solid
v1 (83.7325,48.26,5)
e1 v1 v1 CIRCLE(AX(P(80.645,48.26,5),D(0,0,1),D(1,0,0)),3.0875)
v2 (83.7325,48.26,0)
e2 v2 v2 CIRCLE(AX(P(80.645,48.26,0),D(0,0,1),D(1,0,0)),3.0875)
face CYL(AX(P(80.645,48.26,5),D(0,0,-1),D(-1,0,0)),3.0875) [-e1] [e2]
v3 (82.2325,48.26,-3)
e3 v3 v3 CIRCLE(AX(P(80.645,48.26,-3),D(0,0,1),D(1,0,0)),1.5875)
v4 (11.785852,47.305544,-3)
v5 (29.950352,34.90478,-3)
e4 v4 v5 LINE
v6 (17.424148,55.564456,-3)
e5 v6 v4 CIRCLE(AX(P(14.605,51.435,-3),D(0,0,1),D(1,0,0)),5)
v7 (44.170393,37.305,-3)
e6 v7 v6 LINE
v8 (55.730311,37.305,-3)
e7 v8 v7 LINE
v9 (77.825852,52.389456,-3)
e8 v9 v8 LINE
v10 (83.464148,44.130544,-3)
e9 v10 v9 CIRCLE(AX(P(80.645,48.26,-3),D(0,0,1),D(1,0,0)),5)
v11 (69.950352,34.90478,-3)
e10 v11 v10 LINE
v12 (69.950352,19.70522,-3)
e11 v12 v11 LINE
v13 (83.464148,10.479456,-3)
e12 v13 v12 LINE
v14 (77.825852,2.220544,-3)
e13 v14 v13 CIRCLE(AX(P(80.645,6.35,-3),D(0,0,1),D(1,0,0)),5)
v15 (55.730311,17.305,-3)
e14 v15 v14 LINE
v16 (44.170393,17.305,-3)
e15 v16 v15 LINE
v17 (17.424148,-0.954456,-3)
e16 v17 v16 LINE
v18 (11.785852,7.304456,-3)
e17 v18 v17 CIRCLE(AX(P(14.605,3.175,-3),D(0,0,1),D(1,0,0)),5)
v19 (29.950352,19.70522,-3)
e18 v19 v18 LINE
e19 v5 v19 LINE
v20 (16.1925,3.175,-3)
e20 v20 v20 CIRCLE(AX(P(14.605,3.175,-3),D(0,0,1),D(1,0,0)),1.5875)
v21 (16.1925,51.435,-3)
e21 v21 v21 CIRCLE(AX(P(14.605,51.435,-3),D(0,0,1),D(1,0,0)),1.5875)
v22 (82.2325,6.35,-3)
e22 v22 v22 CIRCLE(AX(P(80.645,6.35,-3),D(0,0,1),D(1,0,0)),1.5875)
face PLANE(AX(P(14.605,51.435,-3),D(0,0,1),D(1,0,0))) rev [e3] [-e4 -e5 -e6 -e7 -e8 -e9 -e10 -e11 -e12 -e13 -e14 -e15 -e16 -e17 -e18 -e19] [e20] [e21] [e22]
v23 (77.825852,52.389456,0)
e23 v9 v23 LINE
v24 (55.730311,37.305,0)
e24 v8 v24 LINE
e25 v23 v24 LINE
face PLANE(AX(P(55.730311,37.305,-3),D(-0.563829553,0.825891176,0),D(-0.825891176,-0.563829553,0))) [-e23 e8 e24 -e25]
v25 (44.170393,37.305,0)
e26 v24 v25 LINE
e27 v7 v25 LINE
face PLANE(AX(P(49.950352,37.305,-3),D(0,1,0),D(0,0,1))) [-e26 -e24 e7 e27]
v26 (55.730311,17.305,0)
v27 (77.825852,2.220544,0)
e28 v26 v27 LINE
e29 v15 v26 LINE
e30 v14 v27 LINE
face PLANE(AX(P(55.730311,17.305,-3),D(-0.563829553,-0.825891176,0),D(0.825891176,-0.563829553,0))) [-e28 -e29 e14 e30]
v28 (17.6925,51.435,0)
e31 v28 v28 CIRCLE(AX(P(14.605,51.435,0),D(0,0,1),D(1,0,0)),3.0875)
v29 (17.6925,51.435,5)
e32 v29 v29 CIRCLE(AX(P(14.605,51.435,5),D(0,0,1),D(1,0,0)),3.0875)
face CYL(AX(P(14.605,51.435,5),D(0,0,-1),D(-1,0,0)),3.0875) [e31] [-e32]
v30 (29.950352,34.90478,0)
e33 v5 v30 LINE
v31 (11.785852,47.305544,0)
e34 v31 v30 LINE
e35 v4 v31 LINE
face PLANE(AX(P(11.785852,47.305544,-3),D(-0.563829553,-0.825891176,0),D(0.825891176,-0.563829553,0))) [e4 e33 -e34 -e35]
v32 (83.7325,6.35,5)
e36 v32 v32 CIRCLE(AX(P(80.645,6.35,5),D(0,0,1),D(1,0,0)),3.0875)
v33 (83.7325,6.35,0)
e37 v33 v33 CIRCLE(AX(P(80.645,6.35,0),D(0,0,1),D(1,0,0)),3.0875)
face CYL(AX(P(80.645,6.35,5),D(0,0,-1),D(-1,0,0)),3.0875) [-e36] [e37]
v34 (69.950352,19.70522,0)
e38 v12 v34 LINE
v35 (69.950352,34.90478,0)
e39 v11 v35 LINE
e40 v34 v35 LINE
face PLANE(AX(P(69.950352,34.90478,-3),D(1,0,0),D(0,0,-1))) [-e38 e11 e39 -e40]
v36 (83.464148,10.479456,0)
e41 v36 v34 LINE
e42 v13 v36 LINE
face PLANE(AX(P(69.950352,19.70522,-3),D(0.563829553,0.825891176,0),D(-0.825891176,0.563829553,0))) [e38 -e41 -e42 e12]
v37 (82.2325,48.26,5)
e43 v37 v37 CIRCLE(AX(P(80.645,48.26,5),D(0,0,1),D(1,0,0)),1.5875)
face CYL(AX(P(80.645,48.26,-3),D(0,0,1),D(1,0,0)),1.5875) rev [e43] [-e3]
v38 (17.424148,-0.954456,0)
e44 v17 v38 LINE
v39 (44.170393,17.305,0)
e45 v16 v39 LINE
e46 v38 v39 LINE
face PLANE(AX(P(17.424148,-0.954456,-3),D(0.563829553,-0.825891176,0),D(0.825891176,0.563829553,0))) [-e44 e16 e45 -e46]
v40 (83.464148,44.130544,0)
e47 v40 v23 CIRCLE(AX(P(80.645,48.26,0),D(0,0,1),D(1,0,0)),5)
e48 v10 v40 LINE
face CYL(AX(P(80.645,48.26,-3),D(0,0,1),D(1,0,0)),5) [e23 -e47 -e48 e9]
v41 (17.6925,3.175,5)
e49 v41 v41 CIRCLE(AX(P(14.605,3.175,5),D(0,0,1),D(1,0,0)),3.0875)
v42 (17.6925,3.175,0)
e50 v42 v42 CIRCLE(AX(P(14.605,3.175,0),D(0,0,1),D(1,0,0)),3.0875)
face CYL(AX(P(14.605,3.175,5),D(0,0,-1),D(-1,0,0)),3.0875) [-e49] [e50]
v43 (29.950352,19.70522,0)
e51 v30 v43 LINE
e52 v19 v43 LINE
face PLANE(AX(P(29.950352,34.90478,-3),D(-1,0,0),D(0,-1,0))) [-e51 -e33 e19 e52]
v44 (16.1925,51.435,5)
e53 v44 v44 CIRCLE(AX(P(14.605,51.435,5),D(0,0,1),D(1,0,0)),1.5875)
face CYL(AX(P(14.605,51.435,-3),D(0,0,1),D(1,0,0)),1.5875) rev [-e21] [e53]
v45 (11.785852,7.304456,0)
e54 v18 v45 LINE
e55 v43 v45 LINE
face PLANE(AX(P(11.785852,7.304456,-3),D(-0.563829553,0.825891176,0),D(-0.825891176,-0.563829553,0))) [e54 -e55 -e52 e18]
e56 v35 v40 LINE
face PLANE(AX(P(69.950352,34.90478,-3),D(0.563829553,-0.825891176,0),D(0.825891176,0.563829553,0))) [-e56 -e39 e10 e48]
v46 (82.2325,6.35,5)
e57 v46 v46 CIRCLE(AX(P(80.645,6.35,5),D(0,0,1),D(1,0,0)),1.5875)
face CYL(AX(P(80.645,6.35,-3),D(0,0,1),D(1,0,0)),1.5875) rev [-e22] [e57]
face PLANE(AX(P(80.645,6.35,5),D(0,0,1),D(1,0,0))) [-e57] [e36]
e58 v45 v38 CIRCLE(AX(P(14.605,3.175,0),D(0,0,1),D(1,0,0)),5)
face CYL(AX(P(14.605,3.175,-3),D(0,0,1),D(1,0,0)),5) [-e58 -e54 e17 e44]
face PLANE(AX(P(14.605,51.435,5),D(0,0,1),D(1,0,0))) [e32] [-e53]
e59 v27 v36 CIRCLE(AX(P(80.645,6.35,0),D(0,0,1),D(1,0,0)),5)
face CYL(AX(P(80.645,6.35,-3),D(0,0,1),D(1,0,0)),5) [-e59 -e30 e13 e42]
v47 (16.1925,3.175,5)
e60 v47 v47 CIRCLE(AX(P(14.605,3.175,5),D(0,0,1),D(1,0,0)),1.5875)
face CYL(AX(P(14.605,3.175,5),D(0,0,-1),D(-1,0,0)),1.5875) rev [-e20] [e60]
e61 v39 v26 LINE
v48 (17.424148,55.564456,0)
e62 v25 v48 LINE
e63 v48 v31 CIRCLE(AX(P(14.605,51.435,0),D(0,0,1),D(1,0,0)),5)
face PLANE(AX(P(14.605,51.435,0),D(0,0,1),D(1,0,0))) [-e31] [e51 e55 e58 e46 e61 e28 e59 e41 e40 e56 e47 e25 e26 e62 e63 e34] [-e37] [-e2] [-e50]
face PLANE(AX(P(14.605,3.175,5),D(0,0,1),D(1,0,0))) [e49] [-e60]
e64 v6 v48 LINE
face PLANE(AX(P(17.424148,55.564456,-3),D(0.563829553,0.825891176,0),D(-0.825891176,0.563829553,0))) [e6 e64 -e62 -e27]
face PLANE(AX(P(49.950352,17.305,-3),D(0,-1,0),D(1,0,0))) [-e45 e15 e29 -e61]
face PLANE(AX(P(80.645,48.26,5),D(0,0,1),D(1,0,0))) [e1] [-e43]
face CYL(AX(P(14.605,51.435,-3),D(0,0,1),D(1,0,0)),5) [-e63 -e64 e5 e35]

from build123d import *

# Parameters (mm, degrees)
SKETCH4_R             = 3.0875
SKETCH4_R_2           = 1.5875
BOSS_EXTRUDE1_DEPTH   = 5
BOSS_EXTRUDE1_2_DEPTH = 5
BOSS_EXTRUDE1_3_DEPTH = 5
BOSS_EXTRUDE1_4_DEPTH = 5
COMBINATION_R         = 1.5875
BOSS_EXTRUDE2_DEPTH   = 3


with BuildPart() as part:
    # Sketch4 → Boss-Extrude1 (new body)
    with BuildSketch(Plane.XY):
        with Locations((14.605, 3.175)):
            Circle(SKETCH4_R)
        with Locations((14.605, 3.175)):
            Circle(SKETCH4_R_2, mode=Mode.SUBTRACT)
    extrude(amount=BOSS_EXTRUDE1_DEPTH)



with BuildPart() as body_2:
    # Sketch4 → Boss-Extrude1 2 (new body)
    with BuildSketch(Plane.XY):
        with Locations((14.605, 51.435)):
            Circle(SKETCH4_R)
        with Locations((14.605, 51.435)):
            Circle(SKETCH4_R_2, mode=Mode.SUBTRACT)
    extrude(amount=BOSS_EXTRUDE1_2_DEPTH)


with BuildPart() as body_3:
    # Sketch4 → Boss-Extrude1 3 (new body)
    with BuildSketch(Plane.XY):
        with Locations((80.645, 48.26)):
            Circle(SKETCH4_R)
        with Locations((80.645, 48.26)):
            Circle(SKETCH4_R_2, mode=Mode.SUBTRACT)
    extrude(amount=BOSS_EXTRUDE1_3_DEPTH)


with BuildPart() as body_4:
    # Sketch4 → Boss-Extrude1 4 (new body)
    with BuildSketch(Plane.XY):
        with Locations((80.645, 6.35)):
            Circle(SKETCH4_R)
        with Locations((80.645, 6.35)):
            Circle(SKETCH4_R_2, mode=Mode.SUBTRACT)
    extrude(amount=BOSS_EXTRUDE1_4_DEPTH)


with BuildPart() as part_1:
    add(part.part)

    add(body_2.part)  # Boss-Extrude2 merges body 2

    add(body_3.part)  # Boss-Extrude2 merges body 3

    add(body_4.part)  # Boss-Extrude2 merges body 4
    # combination → Boss-Extrude2 (add)
    with BuildSketch(Plane.XY):
        with BuildLine():
            Line((17.424147765, 55.564455882), (44.170393, 37.305))
            Line((44.170393, 37.305), (49.950352113, 37.305))
            Line((49.950352113, 37.305), (55.730311225, 37.305))
            Line((55.730311225, 37.305), (77.825852235, 52.389455882))
            ThreePointArc((77.825852235, 52.389455882), (84.774455882, 51.079147765), (83.464147765, 44.130544118))
            Line((83.464147765, 44.130544118), (69.950352113, 34.904779779))
            Line((69.950352113, 34.904779779), (69.950352113, 19.705220221))
            Line((69.950352113, 19.705220221), (83.464147765, 10.479455882))
            ThreePointArc((83.464147765, 10.479455882), (84.774455882, 3.530852235), (77.825852235, 2.220544118))
            Line((77.825852235, 2.220544118), (55.730311225, 17.305))
            Line((55.730311225, 17.305), (49.950352113, 17.305))
            Line((49.950352113, 17.305), (44.170393, 17.305))
            Line((44.170393, 17.305), (17.424147765, -0.954455882))
            ThreePointArc((17.424147765, -0.954455882), (10.475544118, 0.355852235), (11.785852235, 7.304455882))
            Line((11.785852235, 7.304455882), (29.950352113, 19.705220221))
            Line((29.950352113, 19.705220221), (29.950352113, 34.904779779))
            Line((29.950352113, 34.904779779), (11.785852235, 47.305544118))
            ThreePointArc((11.785852235, 47.305544118), (10.475544118, 54.254147765), (17.424147765, 55.564455882))
        make_face()
        with Locations((14.605, 51.435)):
            Circle(COMBINATION_R, mode=Mode.SUBTRACT)
        with Locations((14.605, 3.175)):
            Circle(COMBINATION_R, mode=Mode.SUBTRACT)
        with Locations((80.645, 6.35)):
            Circle(COMBINATION_R, mode=Mode.SUBTRACT)
        with Locations((80.645, 48.26)):
            Circle(COMBINATION_R, mode=Mode.SUBTRACT)
    extrude(amount=-BOSS_EXTRUDE2_DEPTH)


solid = part_1.part
